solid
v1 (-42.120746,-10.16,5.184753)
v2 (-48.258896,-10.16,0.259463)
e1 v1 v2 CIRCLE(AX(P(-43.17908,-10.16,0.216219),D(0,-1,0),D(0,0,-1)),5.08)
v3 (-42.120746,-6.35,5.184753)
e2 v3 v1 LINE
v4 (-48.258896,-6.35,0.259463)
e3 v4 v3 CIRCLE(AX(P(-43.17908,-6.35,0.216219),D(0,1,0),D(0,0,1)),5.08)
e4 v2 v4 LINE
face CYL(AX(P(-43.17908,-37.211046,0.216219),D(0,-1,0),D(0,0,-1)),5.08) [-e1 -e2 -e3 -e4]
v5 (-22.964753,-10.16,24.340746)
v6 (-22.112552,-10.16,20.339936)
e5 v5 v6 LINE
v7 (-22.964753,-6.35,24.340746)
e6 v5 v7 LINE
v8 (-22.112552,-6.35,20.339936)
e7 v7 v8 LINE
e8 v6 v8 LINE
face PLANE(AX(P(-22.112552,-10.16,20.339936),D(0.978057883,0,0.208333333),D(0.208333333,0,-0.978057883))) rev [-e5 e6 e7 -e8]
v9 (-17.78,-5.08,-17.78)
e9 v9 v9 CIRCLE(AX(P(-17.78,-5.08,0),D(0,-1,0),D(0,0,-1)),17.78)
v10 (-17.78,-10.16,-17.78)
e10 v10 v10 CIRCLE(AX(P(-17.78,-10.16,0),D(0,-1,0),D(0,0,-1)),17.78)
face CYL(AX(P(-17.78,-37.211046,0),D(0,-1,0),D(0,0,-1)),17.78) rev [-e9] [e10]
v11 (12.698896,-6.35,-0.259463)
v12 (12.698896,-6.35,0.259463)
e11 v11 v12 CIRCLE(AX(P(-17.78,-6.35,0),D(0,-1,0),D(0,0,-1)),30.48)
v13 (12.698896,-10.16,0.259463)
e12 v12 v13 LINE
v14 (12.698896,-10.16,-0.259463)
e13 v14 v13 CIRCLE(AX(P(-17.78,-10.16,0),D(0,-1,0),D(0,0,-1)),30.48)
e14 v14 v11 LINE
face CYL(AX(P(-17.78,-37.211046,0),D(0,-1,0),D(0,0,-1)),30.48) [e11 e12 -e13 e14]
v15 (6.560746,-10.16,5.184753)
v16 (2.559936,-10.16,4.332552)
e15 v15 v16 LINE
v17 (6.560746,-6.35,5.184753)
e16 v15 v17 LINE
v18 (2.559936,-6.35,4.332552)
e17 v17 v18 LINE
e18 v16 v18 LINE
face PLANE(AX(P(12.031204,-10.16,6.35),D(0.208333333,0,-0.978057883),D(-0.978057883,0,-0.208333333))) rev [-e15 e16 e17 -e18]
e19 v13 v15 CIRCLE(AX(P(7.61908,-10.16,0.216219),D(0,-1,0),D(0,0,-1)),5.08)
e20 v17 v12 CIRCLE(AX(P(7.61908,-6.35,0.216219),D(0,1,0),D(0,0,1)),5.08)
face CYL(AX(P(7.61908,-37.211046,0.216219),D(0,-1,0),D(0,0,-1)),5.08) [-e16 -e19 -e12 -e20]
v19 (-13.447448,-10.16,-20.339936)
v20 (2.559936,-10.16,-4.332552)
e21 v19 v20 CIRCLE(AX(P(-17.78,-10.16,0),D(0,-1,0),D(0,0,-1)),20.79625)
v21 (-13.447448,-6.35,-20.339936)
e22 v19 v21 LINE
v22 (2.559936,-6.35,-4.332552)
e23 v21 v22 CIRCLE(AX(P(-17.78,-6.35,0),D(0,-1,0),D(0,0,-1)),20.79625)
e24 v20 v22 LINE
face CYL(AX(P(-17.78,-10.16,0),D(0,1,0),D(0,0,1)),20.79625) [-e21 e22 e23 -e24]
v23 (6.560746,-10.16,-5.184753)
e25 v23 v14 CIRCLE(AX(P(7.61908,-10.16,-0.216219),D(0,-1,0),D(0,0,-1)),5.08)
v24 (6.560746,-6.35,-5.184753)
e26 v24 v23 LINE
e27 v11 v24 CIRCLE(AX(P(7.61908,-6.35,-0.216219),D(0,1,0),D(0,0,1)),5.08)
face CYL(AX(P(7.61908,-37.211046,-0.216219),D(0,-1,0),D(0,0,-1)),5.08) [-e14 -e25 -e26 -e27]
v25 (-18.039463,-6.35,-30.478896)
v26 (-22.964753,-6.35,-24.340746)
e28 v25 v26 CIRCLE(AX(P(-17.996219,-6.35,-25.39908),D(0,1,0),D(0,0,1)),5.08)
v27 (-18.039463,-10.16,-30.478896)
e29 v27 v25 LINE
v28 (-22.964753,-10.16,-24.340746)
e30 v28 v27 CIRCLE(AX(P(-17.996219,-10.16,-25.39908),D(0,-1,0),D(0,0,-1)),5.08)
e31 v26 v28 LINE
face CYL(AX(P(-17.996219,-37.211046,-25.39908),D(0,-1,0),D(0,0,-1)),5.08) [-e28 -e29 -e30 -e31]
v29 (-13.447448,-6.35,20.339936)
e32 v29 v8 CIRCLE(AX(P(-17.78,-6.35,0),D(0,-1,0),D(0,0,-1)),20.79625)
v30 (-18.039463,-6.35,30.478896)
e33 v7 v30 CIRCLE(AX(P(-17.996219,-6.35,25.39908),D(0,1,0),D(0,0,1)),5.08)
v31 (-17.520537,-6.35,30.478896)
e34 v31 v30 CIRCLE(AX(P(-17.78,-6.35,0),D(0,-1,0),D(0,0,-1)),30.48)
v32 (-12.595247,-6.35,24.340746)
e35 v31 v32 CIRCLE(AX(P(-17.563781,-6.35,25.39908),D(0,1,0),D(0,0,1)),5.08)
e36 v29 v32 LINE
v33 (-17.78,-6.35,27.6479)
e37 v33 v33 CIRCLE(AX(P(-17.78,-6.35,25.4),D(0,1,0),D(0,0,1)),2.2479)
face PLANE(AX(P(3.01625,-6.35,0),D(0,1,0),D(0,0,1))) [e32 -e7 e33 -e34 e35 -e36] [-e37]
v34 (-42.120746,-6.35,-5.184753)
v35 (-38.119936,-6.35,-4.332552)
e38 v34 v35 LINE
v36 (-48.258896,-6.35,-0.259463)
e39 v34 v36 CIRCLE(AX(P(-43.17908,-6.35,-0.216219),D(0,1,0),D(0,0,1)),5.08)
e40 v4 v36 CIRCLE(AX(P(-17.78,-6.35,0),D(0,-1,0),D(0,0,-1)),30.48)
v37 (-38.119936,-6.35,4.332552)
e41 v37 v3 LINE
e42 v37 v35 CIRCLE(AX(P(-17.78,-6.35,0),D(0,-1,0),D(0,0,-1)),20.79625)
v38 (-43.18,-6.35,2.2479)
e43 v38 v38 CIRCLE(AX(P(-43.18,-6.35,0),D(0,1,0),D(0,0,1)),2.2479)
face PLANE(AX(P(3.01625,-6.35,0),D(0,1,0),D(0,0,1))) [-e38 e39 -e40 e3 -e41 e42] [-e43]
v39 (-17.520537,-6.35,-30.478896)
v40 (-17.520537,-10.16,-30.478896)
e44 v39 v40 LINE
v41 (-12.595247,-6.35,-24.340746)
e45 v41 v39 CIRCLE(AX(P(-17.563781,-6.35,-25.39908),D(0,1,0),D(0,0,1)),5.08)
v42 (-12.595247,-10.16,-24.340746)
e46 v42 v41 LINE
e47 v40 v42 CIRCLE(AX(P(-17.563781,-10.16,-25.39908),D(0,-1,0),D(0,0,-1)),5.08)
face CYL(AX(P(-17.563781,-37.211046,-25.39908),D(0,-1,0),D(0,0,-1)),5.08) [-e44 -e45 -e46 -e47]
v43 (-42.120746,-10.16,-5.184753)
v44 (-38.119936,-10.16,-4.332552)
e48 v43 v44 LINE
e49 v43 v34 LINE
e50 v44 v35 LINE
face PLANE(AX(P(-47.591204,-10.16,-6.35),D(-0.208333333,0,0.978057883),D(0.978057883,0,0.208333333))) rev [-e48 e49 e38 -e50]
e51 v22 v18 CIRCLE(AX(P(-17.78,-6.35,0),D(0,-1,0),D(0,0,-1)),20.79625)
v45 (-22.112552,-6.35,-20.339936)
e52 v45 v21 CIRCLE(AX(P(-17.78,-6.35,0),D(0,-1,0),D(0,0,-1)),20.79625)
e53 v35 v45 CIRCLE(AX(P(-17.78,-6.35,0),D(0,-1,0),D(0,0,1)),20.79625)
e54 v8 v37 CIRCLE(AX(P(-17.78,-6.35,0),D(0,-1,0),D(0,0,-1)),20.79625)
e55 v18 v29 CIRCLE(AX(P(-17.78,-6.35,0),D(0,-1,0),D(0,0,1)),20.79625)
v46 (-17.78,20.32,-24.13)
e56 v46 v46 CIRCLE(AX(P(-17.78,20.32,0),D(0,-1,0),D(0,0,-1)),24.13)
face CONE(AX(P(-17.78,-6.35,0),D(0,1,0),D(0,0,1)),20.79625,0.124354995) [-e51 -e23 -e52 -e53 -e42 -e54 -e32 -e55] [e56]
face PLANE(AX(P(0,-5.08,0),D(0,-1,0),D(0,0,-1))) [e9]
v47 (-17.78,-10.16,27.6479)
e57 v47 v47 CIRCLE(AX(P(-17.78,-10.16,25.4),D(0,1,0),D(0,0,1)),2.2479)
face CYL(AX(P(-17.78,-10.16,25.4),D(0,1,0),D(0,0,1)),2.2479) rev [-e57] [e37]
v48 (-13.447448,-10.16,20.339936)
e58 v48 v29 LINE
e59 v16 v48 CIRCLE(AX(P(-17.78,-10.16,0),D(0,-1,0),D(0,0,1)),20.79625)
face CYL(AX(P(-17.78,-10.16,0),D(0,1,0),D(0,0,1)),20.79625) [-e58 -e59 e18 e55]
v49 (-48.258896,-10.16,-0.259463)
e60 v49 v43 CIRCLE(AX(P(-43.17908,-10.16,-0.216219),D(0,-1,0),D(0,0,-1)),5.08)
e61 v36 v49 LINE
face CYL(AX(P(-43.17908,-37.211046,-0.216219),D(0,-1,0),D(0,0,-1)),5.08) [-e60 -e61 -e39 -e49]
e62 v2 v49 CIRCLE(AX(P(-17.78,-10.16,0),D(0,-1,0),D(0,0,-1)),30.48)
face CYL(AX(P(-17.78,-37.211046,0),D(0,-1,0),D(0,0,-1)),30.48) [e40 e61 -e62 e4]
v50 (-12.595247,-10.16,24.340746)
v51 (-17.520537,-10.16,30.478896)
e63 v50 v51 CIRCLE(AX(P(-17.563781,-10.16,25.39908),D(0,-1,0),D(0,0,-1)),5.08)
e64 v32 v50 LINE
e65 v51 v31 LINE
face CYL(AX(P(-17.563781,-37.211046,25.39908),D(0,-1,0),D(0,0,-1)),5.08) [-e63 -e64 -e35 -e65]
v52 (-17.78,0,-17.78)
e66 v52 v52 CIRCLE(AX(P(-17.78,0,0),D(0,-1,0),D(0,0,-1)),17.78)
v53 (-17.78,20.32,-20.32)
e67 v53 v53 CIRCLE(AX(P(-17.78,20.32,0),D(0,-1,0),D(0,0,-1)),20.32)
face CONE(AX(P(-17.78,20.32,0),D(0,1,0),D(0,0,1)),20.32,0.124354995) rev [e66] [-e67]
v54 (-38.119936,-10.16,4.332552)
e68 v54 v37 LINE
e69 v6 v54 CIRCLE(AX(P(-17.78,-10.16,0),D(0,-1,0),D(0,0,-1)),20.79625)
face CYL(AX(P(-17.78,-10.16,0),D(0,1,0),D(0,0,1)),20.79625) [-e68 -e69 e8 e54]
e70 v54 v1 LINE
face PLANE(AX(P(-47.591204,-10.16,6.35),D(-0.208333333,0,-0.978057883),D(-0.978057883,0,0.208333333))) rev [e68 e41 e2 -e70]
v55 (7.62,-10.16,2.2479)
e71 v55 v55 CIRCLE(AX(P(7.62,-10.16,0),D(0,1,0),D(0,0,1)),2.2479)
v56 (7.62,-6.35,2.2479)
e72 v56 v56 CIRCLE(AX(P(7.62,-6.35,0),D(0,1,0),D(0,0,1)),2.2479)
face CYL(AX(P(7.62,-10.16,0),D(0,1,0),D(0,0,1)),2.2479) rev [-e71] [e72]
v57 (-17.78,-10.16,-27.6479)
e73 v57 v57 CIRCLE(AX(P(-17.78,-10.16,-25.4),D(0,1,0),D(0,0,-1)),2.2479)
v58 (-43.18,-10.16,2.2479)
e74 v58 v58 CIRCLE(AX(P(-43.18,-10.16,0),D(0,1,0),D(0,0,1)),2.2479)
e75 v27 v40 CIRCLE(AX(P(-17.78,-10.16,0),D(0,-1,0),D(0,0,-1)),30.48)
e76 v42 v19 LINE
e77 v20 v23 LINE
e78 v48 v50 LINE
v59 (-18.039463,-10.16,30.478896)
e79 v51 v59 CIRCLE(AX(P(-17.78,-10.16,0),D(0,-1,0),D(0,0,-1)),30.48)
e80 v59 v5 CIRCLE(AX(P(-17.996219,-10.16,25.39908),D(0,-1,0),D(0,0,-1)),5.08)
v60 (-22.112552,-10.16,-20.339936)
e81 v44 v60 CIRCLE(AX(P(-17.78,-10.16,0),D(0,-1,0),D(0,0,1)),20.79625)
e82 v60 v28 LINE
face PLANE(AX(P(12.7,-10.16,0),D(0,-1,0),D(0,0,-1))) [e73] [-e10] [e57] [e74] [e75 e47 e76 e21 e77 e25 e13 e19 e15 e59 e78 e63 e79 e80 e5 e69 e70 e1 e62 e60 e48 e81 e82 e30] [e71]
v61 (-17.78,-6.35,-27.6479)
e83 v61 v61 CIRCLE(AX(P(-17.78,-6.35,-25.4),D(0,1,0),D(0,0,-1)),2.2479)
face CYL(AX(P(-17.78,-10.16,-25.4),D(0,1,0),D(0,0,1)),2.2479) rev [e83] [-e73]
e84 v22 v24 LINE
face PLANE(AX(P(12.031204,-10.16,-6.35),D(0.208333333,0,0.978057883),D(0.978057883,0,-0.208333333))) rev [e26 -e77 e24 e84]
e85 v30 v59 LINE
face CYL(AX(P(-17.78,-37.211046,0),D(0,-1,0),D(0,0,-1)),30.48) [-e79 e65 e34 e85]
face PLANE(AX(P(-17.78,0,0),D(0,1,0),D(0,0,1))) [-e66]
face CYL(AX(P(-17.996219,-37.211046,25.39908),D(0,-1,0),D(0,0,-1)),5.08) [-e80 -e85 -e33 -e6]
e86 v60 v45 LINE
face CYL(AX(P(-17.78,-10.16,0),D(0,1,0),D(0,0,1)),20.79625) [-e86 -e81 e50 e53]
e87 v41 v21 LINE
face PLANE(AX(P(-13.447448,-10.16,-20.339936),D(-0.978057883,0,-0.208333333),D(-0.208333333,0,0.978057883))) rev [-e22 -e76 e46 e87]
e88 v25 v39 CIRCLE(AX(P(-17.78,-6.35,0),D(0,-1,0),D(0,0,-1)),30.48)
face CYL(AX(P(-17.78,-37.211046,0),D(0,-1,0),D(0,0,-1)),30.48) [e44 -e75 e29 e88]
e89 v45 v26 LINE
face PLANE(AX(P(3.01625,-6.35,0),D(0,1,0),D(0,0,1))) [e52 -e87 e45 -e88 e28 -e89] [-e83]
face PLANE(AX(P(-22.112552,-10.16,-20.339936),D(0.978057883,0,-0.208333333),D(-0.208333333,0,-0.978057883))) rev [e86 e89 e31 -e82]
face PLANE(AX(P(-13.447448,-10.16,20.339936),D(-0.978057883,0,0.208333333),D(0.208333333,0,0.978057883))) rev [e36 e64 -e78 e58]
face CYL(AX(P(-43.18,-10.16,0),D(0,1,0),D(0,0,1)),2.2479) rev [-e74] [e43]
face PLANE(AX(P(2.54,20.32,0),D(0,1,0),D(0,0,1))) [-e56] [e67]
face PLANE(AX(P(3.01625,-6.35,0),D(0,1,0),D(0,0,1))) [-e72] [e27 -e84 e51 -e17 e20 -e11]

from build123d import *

# Parameters (mm, degrees)
SKETCH2_R          = 2.2479
CUT_EXTRUDE1_DEPTH = 4.81
FILLET1_R          = 5.08


with BuildPart() as part:
    # Sketch1 → Revolve1 (revolve)
    with BuildSketch(Plane.XY):
        Polygon((0, 0), (2.54, 20.32), (6.35, 20.32), (3.01625, -6.35), (12.7, -6.35), (12.7, -10.16), (0, -10.16), (0, -5.08), (-17.78, -5.08), (-17.78, 0), align=None)
    revolve(axis=Axis((-17.78, -37.211045685, 0), (0, 1, 0)))

    # Sketch2 → Cut-Extrude1 (cut, through all)
    with BuildSketch(Plane(origin=(0, -6.35, 0), x_dir=(1, 0, 0), z_dir=(0, 1, 0))):
        with Locations((-17.78, -25.4)):
            Circle(SKETCH2_R)
        with Locations((-17.78, 25.4)):
            Circle(SKETCH2_R)
        with Locations((-43.18, 0)):
            Circle(SKETCH2_R)
        with Locations((7.62, 0)):
            Circle(SKETCH2_R)
        with BuildLine():
            Line((12.03120427, -6.35), (2.559936246, -4.332552083))
            ThreePointArc((2.559936246, -4.332552083), (-3.074830602, -14.705169398), (-13.447447917, -20.339936246))
            Line((-13.447447917, -20.339936246), (-11.43, -29.81120427))
            ThreePointArc((-11.43, -29.81120427), (3.772614691, -21.552614691), (12.03120427, -6.35))
        make_face()
        with BuildLine():
            Line((-13.447447917, 20.339936246), (-11.43, 29.81120427))
            ThreePointArc((-11.43, 29.81120427), (3.772614691, 21.552614691), (12.03120427, 6.35))
            Line((12.03120427, 6.35), (2.559936246, 4.332552083))
            ThreePointArc((2.559936246, 4.332552083), (-3.074830602, 14.705169398), (-13.447447917, 20.339936246))
        make_face()
        with BuildLine():
            Line((-22.112552083, -20.339936246), (-24.13, -29.81120427))
            ThreePointArc((-24.13, -29.81120427), (-39.332614691, -21.552614691), (-47.59120427, -6.35))
            Line((-47.59120427, -6.35), (-38.119936246, -4.332552083))
            ThreePointArc((-38.119936246, -4.332552083), (-32.485169398, -14.705169398), (-22.112552083, -20.339936246))
        make_face()
        with BuildLine():
            Line((-47.59120427, 6.35), (-38.119936246, 4.332552083))
            ThreePointArc((-38.119936246, 4.332552083), (-32.485169398, 14.705169398), (-22.112552083, 20.339936246))
            Line((-22.112552083, 20.339936246), (-24.13, 29.81120427))
            ThreePointArc((-24.13, 29.81120427), (-39.332614691, 21.552614691), (-47.59120427, 6.35))
        make_face()
    extrude(amount=-CUT_EXTRUDE1_DEPTH, mode=Mode.SUBTRACT)

    # Fillet1
    fillet1_edges = [part.edges().sort_by_distance(p)[0] for p in [
        (-24.13, -8.255, 29.81120427),
        (-47.59120427, -8.255, 6.35),
        (-11.43, -8.255, -29.81120427),
        (12.03120427, -8.255, -6.35),
        (-47.59120427, -8.255, -6.35),
        (-24.13, -8.255, -29.81120427),
        (12.03120427, -8.255, 6.35),
        (-11.43, -8.255, 29.81120427),
    ]]
    fillet(fillet1_edges, radius=FILLET1_R)


solid = part.part
